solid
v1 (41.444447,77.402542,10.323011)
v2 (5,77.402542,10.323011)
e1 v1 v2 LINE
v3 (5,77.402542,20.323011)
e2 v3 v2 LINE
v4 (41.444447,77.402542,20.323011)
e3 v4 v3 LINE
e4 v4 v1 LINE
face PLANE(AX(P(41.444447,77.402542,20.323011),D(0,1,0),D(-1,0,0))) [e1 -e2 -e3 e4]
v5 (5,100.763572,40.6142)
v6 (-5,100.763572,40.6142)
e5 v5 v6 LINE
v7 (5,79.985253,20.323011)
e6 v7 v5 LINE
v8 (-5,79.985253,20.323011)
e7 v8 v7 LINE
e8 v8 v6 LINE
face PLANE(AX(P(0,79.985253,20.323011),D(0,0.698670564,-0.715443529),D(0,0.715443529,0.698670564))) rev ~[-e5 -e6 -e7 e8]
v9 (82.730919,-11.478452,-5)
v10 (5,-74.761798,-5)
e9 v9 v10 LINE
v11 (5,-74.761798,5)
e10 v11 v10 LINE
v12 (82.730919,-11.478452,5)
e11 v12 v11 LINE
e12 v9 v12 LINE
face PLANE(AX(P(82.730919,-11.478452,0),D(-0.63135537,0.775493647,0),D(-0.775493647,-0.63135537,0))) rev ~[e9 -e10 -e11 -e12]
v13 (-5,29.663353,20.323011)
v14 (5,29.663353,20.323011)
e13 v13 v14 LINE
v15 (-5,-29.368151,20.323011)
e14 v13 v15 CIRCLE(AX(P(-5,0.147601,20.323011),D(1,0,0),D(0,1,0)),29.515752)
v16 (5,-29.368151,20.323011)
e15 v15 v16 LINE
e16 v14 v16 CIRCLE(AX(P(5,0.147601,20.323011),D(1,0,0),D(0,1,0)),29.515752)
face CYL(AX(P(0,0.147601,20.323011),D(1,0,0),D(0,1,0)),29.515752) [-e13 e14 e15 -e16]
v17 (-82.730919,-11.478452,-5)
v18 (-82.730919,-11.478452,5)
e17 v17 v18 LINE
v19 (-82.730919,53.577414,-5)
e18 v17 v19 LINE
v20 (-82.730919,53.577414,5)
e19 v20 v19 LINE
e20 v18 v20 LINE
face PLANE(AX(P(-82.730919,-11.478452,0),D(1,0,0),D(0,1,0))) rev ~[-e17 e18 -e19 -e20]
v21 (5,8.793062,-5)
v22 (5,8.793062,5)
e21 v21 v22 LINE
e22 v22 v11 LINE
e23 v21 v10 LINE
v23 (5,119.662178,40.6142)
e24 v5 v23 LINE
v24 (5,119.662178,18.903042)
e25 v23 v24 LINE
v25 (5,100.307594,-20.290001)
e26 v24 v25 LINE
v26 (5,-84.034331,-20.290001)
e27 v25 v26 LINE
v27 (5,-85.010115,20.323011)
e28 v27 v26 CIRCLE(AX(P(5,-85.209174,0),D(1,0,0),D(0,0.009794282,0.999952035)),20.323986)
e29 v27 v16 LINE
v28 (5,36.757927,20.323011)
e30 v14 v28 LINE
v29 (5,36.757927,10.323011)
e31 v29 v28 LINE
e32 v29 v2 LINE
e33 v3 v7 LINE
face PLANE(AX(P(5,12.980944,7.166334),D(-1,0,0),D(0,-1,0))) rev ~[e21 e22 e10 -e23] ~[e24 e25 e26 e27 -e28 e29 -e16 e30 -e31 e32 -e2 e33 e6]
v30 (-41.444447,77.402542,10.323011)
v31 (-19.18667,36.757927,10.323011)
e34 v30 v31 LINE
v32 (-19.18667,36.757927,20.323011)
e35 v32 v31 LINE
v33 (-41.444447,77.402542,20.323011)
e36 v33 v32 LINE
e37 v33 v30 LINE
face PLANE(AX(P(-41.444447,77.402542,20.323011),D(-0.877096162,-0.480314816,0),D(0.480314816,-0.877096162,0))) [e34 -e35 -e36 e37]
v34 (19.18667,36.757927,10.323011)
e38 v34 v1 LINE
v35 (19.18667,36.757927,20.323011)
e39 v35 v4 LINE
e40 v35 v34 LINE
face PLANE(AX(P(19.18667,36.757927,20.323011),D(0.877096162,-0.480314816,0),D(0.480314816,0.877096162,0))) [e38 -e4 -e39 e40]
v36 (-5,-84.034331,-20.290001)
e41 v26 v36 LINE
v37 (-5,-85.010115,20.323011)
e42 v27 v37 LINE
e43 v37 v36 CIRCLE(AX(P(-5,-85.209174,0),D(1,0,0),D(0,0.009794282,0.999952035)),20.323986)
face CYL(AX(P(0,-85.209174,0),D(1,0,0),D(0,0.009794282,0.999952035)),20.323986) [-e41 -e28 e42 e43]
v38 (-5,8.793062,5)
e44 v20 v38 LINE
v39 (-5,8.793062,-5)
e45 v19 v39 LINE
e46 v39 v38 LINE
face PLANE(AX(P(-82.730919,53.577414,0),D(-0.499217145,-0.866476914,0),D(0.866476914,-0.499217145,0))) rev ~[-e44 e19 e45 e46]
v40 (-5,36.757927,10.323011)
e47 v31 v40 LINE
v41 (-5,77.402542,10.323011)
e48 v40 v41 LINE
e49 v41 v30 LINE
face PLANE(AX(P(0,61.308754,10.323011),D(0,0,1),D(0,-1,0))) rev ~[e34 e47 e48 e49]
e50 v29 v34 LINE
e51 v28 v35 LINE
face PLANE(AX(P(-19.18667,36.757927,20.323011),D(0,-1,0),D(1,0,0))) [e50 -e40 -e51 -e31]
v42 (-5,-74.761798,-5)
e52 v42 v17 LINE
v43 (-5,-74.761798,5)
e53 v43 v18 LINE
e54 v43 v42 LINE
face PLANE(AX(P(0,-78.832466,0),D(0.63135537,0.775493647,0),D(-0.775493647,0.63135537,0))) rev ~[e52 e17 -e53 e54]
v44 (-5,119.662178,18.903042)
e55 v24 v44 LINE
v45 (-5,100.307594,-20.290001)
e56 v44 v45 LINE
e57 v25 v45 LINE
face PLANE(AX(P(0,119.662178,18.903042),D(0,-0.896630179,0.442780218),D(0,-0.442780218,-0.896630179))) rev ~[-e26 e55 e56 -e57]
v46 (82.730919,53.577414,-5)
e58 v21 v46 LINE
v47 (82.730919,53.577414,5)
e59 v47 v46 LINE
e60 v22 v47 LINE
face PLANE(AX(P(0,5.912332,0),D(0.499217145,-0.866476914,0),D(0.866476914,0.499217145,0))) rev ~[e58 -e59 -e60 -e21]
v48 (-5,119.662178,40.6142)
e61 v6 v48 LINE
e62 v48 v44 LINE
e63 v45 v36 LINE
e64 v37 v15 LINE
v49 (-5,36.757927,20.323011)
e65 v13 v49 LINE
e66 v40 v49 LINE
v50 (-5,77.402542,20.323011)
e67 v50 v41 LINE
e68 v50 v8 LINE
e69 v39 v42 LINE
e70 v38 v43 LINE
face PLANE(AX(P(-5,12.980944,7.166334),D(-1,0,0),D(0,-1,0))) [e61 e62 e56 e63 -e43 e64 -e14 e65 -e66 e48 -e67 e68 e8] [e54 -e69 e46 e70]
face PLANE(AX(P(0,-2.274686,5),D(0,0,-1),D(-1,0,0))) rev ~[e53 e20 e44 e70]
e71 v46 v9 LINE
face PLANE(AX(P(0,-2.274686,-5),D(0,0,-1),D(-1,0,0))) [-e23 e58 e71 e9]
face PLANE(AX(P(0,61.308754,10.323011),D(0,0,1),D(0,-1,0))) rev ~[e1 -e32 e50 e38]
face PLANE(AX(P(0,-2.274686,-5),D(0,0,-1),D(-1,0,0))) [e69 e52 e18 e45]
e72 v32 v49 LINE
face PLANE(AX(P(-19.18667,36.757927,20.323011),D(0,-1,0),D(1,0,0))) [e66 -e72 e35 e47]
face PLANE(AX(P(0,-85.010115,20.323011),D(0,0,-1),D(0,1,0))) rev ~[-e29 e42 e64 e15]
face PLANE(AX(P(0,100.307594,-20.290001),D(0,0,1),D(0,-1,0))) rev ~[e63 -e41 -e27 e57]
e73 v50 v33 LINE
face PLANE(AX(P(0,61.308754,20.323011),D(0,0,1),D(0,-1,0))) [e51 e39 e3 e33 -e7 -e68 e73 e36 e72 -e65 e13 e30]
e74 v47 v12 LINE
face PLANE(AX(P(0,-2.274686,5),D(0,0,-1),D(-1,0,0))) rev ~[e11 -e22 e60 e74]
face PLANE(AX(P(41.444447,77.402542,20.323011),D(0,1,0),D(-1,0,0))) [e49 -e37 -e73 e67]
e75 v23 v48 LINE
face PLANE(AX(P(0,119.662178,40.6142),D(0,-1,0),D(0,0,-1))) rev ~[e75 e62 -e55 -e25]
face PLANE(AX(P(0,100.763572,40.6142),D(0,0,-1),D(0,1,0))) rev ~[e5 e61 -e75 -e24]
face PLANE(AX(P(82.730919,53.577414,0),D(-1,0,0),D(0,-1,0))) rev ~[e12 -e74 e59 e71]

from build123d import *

# Parameters (mm, degrees)
PAD_DEPTH    = 5
PAD001_DEPTH = 5
PAD002_DEPTH = 10


with BuildPart() as part:
    # Sketch → Pad (new body, symmetric)
    with BuildSketch(Plane.YZ):
        with BuildLine():
            Line((79.985253, 20.323011), (100.763572, 40.6142))
            Line((100.763572, 40.6142), (119.662178, 40.6142))
            Line((119.662178, 40.6142), (119.662178, 18.903042))
            Line((119.662178, 18.903042), (100.307594, -20.290001))
            Line((100.307594, -20.290001), (-84.034331, -20.290001))
            ThreePointArc((-85.010115, 20.323011), (-105.527296, -0.488171), (-84.034331, -20.290001))
            Line((-85.010115, 20.323011), (-29.368151, 20.323011))
            ThreePointArc((29.663353, 20.323011), (0.147601, 49.838763), (-29.368151, 20.323011))
            Line((29.663353, 20.323011), (79.985253, 20.323011))
        make_face()
    extrude(amount=PAD_DEPTH, both=True)

    # Sketch001 → Pad001 (join, symmetric)
    with BuildSketch(Plane.XY):
        Polygon((-82.730919, -11.478452), (-82.730919, 53.577414), (0, 5.912332), (82.730919, 53.577414), (82.730919, -11.478452), (0, -78.832466), align=None)
    extrude(amount=PAD001_DEPTH, both=True)

    # Sketch002 (on Face1 of Pad001) → Pad002 (join)
    with BuildSketch(Plane(origin=(0, 0, 20.323011), x_dir=(0, -1, 0), z_dir=(0, 0, 1))):
        Polygon((-77.402542, 41.444447), (-77.402542, -41.444447), (-36.757927, -19.18667), (-36.757927, 19.18667), align=None)
    extrude(amount=-PAD002_DEPTH)


solid = part.part
